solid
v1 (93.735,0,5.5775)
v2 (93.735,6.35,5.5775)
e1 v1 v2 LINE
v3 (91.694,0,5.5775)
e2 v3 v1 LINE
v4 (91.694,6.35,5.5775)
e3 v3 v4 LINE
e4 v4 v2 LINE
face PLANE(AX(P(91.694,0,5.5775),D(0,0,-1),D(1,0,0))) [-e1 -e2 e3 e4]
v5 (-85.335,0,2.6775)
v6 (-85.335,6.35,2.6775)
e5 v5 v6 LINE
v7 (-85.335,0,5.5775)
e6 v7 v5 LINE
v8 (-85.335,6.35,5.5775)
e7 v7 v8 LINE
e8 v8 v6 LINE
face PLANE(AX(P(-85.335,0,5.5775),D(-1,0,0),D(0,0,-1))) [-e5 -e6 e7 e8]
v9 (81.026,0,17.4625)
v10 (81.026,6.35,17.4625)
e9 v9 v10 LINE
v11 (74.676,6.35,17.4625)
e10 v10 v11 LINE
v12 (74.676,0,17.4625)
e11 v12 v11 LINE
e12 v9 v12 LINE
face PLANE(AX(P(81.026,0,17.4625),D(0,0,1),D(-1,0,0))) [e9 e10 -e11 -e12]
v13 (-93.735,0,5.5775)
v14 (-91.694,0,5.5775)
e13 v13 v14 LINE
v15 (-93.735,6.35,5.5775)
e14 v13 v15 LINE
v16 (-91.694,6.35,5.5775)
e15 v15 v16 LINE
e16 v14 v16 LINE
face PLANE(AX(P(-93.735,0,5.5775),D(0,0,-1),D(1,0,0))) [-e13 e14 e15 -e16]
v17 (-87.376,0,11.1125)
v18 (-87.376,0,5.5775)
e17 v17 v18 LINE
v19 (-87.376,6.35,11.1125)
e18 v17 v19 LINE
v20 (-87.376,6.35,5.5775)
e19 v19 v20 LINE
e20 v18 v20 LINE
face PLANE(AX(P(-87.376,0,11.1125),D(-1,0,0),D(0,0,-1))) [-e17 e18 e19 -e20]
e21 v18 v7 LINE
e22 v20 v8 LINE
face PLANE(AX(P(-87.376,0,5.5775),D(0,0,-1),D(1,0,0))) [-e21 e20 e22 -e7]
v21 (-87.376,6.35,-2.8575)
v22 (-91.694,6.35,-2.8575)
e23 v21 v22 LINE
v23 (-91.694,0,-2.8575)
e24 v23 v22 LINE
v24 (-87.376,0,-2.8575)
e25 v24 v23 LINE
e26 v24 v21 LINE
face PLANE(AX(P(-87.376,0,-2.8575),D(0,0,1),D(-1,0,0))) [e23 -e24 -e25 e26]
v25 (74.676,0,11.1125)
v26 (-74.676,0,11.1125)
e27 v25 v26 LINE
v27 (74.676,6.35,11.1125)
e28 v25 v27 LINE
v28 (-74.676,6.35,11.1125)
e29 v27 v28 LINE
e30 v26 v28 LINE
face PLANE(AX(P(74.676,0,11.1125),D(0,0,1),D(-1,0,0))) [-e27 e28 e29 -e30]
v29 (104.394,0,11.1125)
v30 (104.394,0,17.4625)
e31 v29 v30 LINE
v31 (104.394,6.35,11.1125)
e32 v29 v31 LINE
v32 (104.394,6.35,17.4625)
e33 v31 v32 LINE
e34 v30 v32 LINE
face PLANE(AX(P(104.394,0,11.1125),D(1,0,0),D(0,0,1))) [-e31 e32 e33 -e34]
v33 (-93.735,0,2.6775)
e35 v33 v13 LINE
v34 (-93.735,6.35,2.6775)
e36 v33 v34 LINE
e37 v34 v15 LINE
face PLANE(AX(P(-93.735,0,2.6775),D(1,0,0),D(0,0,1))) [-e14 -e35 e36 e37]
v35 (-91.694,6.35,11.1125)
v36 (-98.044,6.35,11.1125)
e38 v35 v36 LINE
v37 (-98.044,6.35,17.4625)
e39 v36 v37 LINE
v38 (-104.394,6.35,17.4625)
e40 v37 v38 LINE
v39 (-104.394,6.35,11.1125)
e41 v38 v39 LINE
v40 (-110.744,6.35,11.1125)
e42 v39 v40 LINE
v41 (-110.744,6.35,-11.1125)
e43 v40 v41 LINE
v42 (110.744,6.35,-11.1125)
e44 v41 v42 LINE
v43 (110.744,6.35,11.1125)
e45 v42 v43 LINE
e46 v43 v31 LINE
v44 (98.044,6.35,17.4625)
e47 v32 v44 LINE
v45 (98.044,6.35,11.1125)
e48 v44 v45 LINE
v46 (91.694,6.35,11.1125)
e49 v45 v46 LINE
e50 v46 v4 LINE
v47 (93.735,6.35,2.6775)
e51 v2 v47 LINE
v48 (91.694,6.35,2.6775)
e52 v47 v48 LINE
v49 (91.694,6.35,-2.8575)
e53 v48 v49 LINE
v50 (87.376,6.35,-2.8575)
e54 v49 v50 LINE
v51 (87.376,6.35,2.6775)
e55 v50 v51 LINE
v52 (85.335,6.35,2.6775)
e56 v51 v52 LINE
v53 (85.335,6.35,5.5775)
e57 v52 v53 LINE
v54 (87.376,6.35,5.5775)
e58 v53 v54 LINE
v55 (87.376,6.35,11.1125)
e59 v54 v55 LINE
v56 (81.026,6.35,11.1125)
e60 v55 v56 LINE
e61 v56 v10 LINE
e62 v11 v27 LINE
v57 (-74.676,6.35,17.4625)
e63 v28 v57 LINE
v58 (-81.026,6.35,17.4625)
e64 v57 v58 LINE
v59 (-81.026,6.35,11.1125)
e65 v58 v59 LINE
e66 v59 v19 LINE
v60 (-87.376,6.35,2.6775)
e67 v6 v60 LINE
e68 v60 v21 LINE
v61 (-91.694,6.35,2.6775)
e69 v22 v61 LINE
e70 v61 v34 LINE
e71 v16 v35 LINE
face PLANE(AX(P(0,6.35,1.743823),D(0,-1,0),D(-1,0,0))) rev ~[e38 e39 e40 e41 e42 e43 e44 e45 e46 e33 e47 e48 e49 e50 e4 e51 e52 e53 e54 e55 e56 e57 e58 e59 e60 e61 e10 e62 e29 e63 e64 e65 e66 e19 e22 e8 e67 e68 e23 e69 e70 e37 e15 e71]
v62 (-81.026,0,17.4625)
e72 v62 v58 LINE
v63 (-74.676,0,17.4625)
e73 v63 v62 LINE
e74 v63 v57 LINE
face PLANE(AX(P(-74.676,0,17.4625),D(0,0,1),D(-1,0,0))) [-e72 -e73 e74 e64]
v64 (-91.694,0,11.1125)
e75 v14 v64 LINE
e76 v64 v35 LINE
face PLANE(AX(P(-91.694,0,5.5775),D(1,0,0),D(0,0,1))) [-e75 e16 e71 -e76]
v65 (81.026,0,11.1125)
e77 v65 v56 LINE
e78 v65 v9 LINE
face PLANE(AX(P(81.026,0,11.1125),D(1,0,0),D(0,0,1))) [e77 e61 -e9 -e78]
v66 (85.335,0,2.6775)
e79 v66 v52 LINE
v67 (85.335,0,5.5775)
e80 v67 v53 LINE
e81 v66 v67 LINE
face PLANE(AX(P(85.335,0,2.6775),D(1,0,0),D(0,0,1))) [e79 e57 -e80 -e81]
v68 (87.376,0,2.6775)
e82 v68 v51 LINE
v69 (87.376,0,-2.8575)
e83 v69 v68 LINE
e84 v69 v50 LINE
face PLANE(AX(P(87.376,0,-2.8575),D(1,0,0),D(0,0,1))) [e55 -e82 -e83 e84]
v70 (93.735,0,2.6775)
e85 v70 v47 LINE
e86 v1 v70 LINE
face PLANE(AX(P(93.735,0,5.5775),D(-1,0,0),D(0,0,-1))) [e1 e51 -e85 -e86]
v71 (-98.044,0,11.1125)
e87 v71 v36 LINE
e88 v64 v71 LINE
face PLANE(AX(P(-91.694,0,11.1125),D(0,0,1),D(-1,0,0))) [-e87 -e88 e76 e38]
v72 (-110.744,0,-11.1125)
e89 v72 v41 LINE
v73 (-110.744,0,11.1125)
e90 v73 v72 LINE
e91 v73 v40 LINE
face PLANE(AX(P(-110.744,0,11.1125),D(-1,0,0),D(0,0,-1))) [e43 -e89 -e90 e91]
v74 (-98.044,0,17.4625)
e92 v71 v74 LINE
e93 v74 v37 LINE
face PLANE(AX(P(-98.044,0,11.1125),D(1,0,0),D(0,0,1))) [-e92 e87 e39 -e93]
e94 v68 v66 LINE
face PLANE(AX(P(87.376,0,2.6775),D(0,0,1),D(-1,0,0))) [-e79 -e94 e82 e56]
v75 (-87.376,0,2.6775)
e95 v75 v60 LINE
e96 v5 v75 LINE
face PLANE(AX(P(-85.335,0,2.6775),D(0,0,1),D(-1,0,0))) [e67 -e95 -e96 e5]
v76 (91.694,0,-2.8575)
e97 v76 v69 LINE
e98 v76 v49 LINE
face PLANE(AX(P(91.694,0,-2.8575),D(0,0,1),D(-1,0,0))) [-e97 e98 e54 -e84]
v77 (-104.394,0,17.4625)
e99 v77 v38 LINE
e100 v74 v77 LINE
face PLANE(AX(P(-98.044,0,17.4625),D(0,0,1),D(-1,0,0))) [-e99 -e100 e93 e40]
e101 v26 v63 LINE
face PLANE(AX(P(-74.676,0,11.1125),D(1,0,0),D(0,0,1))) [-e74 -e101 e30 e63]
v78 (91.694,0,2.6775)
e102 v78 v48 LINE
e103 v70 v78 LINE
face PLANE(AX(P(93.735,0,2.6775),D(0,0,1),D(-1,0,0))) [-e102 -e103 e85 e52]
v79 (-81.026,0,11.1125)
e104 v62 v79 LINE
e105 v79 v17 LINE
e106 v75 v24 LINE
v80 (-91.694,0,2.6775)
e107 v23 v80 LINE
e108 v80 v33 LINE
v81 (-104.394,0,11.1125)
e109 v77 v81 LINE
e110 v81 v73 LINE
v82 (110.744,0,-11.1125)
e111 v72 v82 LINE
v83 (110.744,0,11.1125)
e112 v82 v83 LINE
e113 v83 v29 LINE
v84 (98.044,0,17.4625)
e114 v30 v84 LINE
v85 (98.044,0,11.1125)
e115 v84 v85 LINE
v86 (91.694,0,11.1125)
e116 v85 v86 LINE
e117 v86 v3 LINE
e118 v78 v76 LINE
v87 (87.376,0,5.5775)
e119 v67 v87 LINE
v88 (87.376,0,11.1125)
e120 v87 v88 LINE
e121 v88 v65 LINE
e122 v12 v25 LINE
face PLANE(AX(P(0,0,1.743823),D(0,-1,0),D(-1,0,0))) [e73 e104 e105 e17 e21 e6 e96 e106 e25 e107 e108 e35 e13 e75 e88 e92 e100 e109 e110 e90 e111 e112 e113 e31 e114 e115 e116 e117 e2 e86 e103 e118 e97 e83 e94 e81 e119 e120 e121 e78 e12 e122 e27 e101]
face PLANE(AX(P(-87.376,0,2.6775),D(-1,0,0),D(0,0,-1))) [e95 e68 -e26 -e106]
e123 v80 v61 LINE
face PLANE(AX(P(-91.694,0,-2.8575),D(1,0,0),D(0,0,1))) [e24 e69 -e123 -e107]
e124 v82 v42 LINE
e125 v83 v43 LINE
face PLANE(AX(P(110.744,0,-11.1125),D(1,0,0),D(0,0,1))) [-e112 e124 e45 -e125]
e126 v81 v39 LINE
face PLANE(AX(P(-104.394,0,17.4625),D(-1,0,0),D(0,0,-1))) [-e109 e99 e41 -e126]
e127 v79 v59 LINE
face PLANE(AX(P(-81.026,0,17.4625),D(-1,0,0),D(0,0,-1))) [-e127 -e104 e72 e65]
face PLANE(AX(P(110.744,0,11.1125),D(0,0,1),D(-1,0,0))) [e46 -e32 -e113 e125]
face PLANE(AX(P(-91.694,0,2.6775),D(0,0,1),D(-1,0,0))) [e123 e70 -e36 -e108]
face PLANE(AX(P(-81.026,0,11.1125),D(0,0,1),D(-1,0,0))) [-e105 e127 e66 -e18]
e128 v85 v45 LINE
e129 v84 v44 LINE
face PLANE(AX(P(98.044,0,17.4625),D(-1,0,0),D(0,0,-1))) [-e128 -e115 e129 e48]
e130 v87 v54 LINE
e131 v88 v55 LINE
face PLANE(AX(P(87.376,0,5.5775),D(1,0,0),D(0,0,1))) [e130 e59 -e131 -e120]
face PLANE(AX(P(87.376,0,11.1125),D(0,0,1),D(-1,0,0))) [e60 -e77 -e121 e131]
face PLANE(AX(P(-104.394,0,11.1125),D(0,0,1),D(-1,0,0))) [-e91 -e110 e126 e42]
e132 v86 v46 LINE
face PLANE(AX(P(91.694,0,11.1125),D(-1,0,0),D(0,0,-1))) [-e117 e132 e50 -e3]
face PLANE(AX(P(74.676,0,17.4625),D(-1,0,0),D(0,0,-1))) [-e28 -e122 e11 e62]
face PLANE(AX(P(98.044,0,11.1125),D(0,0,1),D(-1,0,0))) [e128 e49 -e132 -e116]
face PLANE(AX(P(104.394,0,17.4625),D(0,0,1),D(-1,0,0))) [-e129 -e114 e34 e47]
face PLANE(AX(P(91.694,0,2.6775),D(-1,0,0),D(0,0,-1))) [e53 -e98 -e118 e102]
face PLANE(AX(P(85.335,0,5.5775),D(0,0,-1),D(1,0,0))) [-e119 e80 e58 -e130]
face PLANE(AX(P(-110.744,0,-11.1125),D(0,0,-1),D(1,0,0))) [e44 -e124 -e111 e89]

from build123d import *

# Parameters (mm, degrees)
BOSS_EXTRUDE1_DEPTH = 6.35


with BuildPart() as part:
    # Sketch1 → Boss-Extrude1 (new body)
    with BuildSketch(Plane(origin=(0, 0, 0), x_dir=(1, 0, 0), z_dir=(0, 1, 0))):
        Polygon((-110.744, 11.1125), (-110.744, -11.1125), (-104.394, -11.1125), (-104.394, -17.4625), (-98.044, -17.4625), (-98.044, -11.1125), (-91.694, -11.1125), (-91.694, -5.577500021), (-93.734999982, -5.577500021), (-93.734999982, -2.677499979), (-91.694, -2.677499979), (-91.694, 2.8575), (-87.376, 2.8575), (-87.376, -2.677499979), (-85.335000018, -2.677499979), (-85.335000018, -5.577500021), (-87.376, -5.577500021), (-87.376, -11.1125), (-81.026, -11.1125), (-81.026, -17.4625), (-74.676, -17.4625), (-74.676, -11.1125), (74.676, -11.1125), (74.676, -17.4625), (81.026, -17.4625), (81.026, -11.1125), (87.376, -11.1125), (87.376, -5.577500021), (85.335000018, -5.577500021), (85.335000018, -2.677499979), (87.376, -2.677499979), (87.376, 2.8575), (91.694, 2.8575), (91.694, -2.677499979), (93.734999982, -2.677499979), (93.734999982, -5.577500021), (91.694, -5.577500021), (91.694, -11.1125), (98.044, -11.1125), (98.044, -17.4625), (104.394, -17.4625), (104.394, -11.1125), (110.744, -11.1125), (110.744, 11.1125), align=None)
    extrude(amount=BOSS_EXTRUDE1_DEPTH)


solid = part.part
